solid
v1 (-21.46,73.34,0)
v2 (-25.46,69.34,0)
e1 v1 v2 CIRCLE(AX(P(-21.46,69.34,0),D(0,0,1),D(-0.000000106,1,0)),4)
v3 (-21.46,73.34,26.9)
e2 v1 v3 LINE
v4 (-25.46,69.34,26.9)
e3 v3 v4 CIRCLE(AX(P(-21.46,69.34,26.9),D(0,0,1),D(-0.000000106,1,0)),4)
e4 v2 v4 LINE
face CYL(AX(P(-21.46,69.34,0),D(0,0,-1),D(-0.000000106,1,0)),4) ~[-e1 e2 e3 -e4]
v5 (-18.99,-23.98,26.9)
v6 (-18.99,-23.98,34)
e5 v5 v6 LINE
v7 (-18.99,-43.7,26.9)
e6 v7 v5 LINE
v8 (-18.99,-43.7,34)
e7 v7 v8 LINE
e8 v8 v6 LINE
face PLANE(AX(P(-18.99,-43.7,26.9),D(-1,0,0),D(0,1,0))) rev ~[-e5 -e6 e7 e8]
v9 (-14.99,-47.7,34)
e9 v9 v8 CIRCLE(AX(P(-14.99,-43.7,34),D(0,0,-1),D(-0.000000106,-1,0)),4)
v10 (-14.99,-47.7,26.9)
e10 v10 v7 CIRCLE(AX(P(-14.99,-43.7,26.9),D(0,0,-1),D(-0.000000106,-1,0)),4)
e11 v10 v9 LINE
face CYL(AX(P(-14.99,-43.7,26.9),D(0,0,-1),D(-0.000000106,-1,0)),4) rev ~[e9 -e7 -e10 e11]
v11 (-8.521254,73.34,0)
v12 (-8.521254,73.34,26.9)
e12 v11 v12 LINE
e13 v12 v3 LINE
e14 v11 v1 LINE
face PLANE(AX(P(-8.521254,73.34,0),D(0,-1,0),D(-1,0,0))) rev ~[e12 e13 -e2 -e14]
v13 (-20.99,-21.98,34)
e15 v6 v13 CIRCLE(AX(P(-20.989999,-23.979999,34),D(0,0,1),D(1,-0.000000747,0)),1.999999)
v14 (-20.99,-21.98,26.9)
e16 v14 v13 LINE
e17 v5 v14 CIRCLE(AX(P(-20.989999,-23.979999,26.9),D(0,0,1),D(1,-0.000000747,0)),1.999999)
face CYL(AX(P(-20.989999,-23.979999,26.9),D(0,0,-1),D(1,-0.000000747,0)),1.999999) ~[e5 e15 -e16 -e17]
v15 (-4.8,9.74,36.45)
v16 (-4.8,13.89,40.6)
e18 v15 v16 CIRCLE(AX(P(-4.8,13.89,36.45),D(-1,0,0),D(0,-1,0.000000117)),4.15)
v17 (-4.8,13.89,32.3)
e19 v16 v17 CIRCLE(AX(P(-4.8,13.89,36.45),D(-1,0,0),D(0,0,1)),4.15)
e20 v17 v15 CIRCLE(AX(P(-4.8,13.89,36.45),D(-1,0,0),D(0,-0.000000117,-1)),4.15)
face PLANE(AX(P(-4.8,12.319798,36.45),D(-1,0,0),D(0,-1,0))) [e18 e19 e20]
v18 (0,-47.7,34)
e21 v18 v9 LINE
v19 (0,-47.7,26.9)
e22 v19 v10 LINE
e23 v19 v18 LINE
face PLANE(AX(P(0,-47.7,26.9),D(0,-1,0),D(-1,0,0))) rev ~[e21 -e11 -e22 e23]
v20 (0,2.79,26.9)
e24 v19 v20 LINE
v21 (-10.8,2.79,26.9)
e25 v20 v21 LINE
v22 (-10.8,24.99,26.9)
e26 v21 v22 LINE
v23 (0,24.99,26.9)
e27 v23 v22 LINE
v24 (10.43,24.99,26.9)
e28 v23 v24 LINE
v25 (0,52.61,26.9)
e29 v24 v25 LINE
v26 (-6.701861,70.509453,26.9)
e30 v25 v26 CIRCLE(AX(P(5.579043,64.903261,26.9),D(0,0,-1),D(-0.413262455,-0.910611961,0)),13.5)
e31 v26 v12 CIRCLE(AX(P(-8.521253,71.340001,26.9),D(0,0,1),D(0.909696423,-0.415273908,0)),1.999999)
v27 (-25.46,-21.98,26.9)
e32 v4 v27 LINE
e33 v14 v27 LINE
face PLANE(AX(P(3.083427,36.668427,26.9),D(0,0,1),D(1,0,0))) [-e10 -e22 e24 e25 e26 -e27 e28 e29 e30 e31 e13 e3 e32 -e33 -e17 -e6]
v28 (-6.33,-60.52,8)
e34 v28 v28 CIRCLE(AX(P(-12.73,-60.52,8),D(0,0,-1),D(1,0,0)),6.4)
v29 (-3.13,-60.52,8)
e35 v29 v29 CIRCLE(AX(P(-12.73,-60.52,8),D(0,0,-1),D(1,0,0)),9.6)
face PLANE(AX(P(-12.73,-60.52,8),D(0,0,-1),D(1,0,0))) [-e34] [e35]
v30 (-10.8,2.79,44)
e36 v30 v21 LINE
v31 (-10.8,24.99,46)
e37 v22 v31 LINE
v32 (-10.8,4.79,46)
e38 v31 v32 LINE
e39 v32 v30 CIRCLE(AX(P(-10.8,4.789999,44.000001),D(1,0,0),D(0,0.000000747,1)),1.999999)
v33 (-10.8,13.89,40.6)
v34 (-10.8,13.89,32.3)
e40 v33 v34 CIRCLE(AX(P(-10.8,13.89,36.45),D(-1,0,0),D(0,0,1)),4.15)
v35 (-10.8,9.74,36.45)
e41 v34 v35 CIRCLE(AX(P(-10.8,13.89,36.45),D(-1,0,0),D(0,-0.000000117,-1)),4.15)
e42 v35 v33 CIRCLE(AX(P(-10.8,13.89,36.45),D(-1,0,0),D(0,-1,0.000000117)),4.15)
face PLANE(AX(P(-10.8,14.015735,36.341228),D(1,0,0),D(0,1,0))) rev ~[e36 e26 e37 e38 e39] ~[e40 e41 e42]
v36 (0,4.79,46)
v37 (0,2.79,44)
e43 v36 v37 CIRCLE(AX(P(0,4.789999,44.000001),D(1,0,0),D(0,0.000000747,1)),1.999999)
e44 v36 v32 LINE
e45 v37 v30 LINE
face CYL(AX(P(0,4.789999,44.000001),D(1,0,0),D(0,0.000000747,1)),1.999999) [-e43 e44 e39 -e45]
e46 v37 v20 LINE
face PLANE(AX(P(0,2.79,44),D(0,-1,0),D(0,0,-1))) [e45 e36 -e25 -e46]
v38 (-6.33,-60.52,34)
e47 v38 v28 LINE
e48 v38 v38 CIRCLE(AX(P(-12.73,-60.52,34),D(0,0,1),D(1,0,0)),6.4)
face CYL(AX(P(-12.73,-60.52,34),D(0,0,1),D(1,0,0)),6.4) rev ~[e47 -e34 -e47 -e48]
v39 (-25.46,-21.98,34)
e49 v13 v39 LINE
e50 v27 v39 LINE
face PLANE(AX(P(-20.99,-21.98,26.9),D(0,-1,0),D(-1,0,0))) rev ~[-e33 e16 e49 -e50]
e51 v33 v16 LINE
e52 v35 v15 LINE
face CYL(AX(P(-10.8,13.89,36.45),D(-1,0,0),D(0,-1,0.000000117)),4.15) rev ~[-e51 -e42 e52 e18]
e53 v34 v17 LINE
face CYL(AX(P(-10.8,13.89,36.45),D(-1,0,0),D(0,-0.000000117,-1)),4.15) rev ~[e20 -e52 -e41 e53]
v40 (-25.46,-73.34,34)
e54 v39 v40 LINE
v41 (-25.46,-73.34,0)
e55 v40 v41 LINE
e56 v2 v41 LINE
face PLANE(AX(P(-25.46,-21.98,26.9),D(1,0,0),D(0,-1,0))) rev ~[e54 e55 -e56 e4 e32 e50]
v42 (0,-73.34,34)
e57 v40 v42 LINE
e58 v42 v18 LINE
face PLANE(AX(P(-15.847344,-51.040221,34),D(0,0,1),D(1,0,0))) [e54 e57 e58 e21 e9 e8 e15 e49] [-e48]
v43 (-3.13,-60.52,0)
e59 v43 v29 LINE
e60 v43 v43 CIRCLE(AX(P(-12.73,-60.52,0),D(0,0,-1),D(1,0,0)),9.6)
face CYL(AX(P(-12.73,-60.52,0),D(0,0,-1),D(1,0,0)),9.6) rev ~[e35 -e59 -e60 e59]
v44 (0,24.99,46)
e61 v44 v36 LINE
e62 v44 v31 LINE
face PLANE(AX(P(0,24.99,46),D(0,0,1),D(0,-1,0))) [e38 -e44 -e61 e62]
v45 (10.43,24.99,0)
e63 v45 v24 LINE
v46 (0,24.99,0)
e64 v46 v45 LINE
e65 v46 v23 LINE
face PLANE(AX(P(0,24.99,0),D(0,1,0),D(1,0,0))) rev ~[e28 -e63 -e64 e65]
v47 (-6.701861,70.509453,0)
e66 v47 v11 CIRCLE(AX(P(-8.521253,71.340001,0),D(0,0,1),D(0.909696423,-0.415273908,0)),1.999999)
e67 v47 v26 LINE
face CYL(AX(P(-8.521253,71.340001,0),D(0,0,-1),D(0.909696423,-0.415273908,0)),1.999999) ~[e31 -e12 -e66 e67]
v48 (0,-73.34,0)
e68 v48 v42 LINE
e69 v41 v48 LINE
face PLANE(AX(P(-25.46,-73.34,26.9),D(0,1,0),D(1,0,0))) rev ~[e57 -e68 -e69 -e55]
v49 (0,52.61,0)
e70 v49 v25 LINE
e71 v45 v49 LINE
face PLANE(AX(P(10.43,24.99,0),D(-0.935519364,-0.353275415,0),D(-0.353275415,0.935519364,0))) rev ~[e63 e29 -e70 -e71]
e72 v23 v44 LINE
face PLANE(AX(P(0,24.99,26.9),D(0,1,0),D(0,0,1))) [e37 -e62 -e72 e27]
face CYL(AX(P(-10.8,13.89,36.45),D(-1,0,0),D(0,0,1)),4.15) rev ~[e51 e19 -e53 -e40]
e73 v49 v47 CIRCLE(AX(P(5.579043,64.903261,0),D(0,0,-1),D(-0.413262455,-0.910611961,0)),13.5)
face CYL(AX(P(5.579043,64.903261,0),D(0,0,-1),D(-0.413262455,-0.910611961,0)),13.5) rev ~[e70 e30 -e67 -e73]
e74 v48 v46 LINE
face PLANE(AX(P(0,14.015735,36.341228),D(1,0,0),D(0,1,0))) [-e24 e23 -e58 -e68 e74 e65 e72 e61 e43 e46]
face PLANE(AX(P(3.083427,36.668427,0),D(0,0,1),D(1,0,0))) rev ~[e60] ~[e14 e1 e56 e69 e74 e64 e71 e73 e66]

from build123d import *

# Parameters (mm, degrees)
F1_DEPTH  = 26.9
F3_DEPTH  = 7.1
F5_DEPTH  = 10.8
F7_DEPTH  = 6
F8_R      = 6.4
F9_DEPTH  = 34.001
F10_R     = 9.6
F10_R_2   = 6.4
F11_DEPTH = 8


with BuildPart() as f1:
    # F0 (on Top) → F1 (new body)
    with BuildSketch(Plane.XY):
        Polygon((10.43, 24.99), (0, 52.61), (0, 24.99), align=None)
        with BuildLine():
            Line((-8.521254, 73.34), (-21.46, 73.34))
            ThreePointArc((-21.46, 73.34), (-24.288427, 72.168427), (-25.46, 69.34))
            Line((-25.46, 69.34), (-25.46, -73.34))
            Line((-25.46, -73.34), (0, -73.34))
            Line((0, -73.34), (0, 24.99))
            Line((0, 24.99), (0, 52.61))
            ThreePointArc((0, 52.61), (-7.063822, 60.169557), (-6.701861, 70.509453))
            ThreePointArc((-6.701861, 70.509453), (-6.838831, 72.421413), (-8.521254, 73.34))
        make_face()
    extrude(amount=F1_DEPTH)

    # F2 (on face) → F3 (join)
    with BuildSketch(Plane.XY.offset(26.9)):
        with BuildLine():
            Line((-25.46, -73.34), (0, -73.34))
            Line((0, -73.34), (0, -47.7))
            Line((0, -47.7), (-14.99, -47.7))
            ThreePointArc((-14.99, -47.7), (-17.818427, -46.528427), (-18.99, -43.7))
            Line((-18.99, -43.7), (-18.99, -23.98))
            ThreePointArc((-18.99, -23.98), (-19.575786, -22.565786), (-20.99, -21.98))
            Line((-20.99, -21.98), (-25.46, -21.98))
            Line((-25.46, -21.98), (-25.46, -73.34))
        make_face()
    extrude(amount=F3_DEPTH)

    # F4 (on face) → F5 (join)
    with BuildSketch(Plane.YZ):
        with BuildLine():
            Line((2.79, 26.9), (24.99, 26.9))
            Line((24.99, 26.9), (24.99, 46))
            Line((24.99, 46), (4.79, 46))
            ThreePointArc((4.79, 46), (3.375786, 45.414214), (2.79, 44))
            Line((2.79, 44), (2.79, 26.9))
        make_face()
    extrude(amount=-F5_DEPTH)

    # F6 (on face) → F7 (cut)
    with BuildSketch(Plane(origin=(-10.8, 0, 0), x_dir=(0, -1, 0), z_dir=(-1, 0, 0))):
        with BuildLine():
            ThreePointArc((-13.89, 32.3), (-10.955507, 33.515507), (-9.74, 36.45))
            ThreePointArc((-9.74, 36.45), (-10.955507, 39.384493), (-13.89, 40.6))
            Line((-13.89, 40.6), (-13.89, 32.3))
        make_face()
        with BuildLine():
            Line((-13.89, 32.3), (-13.89, 40.6))
            ThreePointArc((-13.89, 40.6), (-18.04, 36.45), (-13.89, 32.3))
        make_face()
    extrude(amount=-F7_DEPTH, mode=Mode.SUBTRACT)

    # F8 (on face) → F9 (cut, through all)
    with BuildSketch(Plane.XY.offset(34)):
        with Locations((-12.73, -60.52)):
            Circle(F8_R)
    extrude(amount=-F9_DEPTH, mode=Mode.SUBTRACT)

    # F10 (on face) → F11 (cut)
    with BuildSketch(Plane(origin=(0, 0, 0), x_dir=(1, 0, 0), z_dir=(0, 0, -1))):
        with Locations((-12.73, 60.52)):
            Circle(F10_R)
        with Locations((-12.73, 60.52)):
            Circle(F10_R_2, mode=Mode.SUBTRACT)
    extrude(amount=-F11_DEPTH, mode=Mode.SUBTRACT)


solid = f1.part
